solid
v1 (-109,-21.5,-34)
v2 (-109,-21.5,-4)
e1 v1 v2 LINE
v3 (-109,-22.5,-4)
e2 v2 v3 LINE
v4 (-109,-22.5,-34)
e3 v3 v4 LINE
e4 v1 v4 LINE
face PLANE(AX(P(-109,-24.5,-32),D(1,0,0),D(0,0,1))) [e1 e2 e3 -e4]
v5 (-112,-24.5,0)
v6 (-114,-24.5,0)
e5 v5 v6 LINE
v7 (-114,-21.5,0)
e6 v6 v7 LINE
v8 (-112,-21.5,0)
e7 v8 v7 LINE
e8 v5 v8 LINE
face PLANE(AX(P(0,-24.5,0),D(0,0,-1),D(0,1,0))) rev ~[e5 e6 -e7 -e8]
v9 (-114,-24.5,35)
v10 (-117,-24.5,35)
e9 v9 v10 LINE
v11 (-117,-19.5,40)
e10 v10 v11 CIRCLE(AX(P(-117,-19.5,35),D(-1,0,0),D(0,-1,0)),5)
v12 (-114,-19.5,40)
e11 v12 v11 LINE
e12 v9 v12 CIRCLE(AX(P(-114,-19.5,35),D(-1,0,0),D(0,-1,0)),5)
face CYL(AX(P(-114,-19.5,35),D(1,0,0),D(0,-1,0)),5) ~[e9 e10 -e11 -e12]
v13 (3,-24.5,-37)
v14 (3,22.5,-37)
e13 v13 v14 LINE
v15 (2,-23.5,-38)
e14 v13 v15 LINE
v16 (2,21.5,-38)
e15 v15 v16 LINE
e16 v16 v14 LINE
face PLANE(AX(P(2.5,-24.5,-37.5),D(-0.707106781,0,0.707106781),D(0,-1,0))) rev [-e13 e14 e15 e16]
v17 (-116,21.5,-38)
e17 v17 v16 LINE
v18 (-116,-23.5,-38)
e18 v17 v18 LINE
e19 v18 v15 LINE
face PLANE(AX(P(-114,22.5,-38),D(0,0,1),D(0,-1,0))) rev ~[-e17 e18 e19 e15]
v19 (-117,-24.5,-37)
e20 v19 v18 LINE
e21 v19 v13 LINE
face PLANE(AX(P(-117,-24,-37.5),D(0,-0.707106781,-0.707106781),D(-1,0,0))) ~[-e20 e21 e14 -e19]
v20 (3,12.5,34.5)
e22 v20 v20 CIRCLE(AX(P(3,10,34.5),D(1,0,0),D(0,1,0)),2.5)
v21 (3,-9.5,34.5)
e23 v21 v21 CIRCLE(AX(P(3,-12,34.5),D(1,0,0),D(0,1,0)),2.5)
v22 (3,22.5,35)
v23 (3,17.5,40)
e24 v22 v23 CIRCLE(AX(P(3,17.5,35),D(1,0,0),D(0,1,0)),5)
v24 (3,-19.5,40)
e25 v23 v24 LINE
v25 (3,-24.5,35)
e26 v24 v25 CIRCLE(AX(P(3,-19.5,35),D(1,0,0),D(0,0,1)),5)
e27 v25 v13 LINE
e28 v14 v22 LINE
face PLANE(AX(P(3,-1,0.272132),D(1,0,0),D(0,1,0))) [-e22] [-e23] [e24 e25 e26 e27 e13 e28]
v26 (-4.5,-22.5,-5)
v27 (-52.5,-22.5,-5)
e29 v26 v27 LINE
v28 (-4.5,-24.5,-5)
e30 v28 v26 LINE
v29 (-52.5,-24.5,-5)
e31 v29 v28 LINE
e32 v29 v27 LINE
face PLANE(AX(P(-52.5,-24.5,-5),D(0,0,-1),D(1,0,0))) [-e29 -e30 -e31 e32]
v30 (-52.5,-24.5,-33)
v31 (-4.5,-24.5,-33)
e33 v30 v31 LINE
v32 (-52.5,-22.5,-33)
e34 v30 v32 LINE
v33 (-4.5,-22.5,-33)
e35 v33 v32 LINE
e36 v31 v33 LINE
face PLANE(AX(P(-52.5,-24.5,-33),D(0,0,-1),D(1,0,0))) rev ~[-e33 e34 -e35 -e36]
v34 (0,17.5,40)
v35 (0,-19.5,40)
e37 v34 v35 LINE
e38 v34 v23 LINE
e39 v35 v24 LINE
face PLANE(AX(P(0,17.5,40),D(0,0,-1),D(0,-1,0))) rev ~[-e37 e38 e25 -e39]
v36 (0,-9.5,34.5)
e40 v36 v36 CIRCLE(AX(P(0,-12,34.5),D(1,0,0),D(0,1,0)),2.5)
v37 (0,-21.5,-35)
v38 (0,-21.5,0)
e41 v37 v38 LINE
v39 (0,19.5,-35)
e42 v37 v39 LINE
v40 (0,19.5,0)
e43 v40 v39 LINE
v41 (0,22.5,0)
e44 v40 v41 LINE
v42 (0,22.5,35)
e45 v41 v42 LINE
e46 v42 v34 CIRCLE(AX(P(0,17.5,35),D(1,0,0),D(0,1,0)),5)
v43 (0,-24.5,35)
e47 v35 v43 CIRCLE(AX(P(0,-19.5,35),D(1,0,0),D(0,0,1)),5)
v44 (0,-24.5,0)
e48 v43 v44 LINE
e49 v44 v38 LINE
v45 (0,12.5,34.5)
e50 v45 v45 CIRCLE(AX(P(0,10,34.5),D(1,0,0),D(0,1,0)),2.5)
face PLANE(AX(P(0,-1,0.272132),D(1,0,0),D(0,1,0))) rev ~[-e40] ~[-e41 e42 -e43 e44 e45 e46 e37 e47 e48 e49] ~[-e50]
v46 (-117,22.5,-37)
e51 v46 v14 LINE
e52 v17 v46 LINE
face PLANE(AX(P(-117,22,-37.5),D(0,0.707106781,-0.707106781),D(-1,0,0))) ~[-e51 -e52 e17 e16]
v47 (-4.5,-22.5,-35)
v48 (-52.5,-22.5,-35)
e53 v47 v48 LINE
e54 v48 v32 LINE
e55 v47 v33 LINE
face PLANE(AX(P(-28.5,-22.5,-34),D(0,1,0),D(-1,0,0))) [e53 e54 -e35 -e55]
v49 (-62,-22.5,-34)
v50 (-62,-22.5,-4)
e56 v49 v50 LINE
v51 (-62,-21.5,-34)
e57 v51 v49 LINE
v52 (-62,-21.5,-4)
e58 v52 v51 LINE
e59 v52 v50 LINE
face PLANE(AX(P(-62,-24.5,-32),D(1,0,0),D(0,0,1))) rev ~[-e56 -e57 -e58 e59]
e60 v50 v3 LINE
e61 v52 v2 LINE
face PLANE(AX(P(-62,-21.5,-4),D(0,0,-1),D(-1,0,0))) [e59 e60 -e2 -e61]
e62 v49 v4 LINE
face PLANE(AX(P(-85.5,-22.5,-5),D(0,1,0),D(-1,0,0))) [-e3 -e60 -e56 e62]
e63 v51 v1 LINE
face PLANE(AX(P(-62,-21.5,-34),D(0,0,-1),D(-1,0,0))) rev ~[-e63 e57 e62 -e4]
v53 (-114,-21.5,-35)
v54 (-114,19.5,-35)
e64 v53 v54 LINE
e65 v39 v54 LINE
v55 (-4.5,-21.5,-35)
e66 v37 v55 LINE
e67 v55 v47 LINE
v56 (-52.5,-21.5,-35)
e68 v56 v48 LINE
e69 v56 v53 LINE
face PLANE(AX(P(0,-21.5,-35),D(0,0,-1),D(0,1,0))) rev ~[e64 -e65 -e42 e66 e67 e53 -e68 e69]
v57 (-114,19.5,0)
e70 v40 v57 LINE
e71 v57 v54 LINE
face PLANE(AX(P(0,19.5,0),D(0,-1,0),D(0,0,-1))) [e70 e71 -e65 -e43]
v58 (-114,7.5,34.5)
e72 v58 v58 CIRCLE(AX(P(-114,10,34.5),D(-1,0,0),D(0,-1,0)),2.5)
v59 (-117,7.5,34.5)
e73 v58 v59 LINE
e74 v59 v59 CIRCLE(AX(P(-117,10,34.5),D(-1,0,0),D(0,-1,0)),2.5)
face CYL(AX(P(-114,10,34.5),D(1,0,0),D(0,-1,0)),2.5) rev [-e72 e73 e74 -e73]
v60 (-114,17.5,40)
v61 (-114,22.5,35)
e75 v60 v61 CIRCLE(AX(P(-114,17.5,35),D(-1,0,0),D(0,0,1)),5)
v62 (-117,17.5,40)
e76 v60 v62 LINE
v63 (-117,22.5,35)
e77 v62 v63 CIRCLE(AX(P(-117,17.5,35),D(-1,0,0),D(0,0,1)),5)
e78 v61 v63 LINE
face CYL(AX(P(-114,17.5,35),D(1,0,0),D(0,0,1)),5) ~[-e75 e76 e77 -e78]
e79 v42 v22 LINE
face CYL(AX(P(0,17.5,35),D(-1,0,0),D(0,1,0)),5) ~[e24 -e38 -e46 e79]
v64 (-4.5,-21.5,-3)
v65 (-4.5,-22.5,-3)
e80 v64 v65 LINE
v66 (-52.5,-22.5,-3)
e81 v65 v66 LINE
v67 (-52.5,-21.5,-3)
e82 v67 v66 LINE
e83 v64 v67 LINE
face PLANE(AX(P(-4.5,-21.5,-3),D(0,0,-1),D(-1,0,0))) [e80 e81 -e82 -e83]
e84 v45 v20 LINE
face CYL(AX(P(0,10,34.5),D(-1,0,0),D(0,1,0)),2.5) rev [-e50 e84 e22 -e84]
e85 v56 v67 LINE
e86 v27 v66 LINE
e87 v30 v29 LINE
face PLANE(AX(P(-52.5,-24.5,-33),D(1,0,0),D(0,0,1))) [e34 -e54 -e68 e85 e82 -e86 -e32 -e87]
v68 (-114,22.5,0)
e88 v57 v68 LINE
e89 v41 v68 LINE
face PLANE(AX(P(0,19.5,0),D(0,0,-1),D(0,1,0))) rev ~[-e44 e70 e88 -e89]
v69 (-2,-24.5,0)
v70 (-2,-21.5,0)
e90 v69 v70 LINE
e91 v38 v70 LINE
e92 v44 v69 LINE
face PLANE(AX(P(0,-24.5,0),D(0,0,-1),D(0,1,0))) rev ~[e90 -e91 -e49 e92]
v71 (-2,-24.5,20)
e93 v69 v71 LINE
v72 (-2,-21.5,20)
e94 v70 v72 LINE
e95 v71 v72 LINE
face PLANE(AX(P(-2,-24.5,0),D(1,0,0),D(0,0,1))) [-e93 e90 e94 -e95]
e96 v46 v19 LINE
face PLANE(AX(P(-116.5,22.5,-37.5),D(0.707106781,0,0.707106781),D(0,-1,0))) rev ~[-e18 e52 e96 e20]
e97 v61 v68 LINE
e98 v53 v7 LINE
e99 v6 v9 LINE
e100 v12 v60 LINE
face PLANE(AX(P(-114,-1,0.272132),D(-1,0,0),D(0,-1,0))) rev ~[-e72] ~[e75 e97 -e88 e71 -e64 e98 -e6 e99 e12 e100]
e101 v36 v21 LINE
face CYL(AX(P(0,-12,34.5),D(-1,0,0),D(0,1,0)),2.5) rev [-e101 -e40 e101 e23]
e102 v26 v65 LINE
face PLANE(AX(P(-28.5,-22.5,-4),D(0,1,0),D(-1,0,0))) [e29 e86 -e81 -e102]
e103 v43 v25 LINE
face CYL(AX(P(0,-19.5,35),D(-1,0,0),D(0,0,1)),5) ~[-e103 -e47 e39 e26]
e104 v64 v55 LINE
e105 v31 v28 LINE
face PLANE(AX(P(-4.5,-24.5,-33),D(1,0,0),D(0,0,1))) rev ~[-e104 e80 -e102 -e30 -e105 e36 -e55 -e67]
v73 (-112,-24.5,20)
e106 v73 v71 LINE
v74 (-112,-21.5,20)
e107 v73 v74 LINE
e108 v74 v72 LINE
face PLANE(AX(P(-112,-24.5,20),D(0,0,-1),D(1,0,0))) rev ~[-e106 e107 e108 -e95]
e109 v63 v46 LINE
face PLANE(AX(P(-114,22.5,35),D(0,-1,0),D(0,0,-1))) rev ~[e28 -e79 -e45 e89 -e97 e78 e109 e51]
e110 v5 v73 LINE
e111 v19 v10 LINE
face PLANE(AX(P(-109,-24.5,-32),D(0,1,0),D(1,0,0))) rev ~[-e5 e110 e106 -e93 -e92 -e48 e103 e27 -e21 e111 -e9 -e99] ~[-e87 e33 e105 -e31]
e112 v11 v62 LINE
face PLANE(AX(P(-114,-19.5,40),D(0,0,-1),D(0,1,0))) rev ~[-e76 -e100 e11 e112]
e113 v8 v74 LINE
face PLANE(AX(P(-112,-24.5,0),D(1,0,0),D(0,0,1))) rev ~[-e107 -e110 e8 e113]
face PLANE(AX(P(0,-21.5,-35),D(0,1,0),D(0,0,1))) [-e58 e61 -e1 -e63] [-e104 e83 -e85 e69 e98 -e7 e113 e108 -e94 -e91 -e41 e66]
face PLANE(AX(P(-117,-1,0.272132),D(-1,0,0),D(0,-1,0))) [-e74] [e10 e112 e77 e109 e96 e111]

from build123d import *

# Parameters (mm, degrees)
F2_R      = 2.5
F3_DEPTH  = 3
F4_W      = 3
F4_H      = 35
F4_H_2    = 3
F4_W_2    = 41
F5_DEPTH  = 114
F6_R      = 2.5
F7_DEPTH  = 3
F8_W      = 110
F8_H      = 20
F9_DEPTH  = 3
F10_W     = 47
F10_H     = 26
F10_W_2   = 48
F10_H_2   = 28
F11_DEPTH = 3
F12_SIZE  = 1
F14_W     = 48
F14_H     = 2
F14_W_2   = 47
F15_DEPTH = 1
F16_DEPTH = 26


with BuildPart() as f3:
    # F2 (on Right) → F3 (new body)
    with BuildSketch(Plane.YZ):
        with BuildLine():
            ThreePointArc((22.5, 35), (21.0355339059, 38.5355339059), (17.5, 40))
            Line((17.5, 40), (-19.5, 40))
            ThreePointArc((-19.5, 40), (-23.0355339059, 38.5355339059), (-24.5, 35))
            Line((-24.5, 35), (-24.5, -38))
            Line((-24.5, -38), (22.5, -38))
            Line((22.5, -38), (22.5, 35))
        make_face()
        with Locations((-12, 34.5)):
            Circle(F2_R, mode=Mode.SUBTRACT)
        with Locations((10, 34.5)):
            Circle(F2_R, mode=Mode.SUBTRACT)
    extrude(amount=F3_DEPTH)

    # F4 (on Right) → F5 (join)
    with BuildSketch(Plane.YZ):
        with Locations((-23, -17.5)):
            Rectangle(F4_W, F4_H)
        with Locations((21, -36.5)):
            Rectangle(F4_W, F4_H_2)
        with Locations((21, -17.5)):
            Rectangle(F4_W, F4_H)
        with Locations((-1, -36.5)):
            Rectangle(F4_W_2, F4_H_2)
        with Locations((-23, -36.5)):
            Rectangle(F4_W, F4_H_2)
    extrude(amount=-F5_DEPTH)

    # F6 (on face) → F7 (join)
    with BuildSketch(Plane(origin=(-114, 0, 0), x_dir=(0, -1, 0), z_dir=(-1, 0, 0))):
        with BuildLine():
            ThreePointArc((24.5, 35), (23.0355339059, 38.5355339059), (19.5, 40))
            Line((19.5, 40), (-17.5, 40))
            ThreePointArc((-17.5, 40), (-21.0355339059, 38.5355339059), (-22.5, 35))
            Line((-22.5, 35), (-22.5, -38))
            Line((-22.5, -38), (24.5, -38))
            Line((24.5, -38), (24.5, 35))
        make_face()
        with Locations((-10, 34.5)):
            Circle(F6_R, mode=Mode.SUBTRACT)
    extrude(amount=F7_DEPTH)

    # F8 (on face) → F9 (join)
    with BuildSketch(Plane.XZ.offset(24.5)):
        with Locations((-57, 10)):
            Rectangle(F8_W, F8_H)
    extrude(amount=-F9_DEPTH)

    # F10 (on face) → F11 (cut, through all)
    with BuildSketch(Plane.XZ.offset(24.5)):
        with Locations((-85.5, -19)):
            Rectangle(F10_W, F10_H)
        with Locations((-28.5, -19)):
            Rectangle(F10_W_2, F10_H_2)
    extrude(amount=-F11_DEPTH, mode=Mode.SUBTRACT)

    # F12
    f12_edges = [f3.edges().sort_by_distance(p)[0] for p in [
        (-57, -24.5, -38),
        (3, -1, -38),
        (-57, 22.5, -38),
        (-117, -1, -38),
    ]]
    chamfer(f12_edges, length=F12_SIZE)

    # F14 (on face) → F15 (cut)
    with BuildSketch(Plane(origin=(0, -21.5, 0), x_dir=(-1, 0, 0), z_dir=(0, 1, 0))):
        with Locations((28.5, -34)):
            Rectangle(F14_W, F14_H)
        with Locations((85.5, -33)):
            Rectangle(F14_W_2, F14_H)
        with Locations((85.5, -5)):
            Rectangle(F14_W_2, F14_H)
        with Locations((28.5, -4)):
            Rectangle(F14_W, F14_H)
    extrude(amount=-F15_DEPTH, mode=Mode.SUBTRACT)

    # F16 (add): a face of the model
    f16_faces = [f3.faces().sort_by_distance(p)[0] for p in [
        (-85.5, -23.5, -32),
    ]]
    extrude(f16_faces, amount=F16_DEPTH)


solid = f3.part
